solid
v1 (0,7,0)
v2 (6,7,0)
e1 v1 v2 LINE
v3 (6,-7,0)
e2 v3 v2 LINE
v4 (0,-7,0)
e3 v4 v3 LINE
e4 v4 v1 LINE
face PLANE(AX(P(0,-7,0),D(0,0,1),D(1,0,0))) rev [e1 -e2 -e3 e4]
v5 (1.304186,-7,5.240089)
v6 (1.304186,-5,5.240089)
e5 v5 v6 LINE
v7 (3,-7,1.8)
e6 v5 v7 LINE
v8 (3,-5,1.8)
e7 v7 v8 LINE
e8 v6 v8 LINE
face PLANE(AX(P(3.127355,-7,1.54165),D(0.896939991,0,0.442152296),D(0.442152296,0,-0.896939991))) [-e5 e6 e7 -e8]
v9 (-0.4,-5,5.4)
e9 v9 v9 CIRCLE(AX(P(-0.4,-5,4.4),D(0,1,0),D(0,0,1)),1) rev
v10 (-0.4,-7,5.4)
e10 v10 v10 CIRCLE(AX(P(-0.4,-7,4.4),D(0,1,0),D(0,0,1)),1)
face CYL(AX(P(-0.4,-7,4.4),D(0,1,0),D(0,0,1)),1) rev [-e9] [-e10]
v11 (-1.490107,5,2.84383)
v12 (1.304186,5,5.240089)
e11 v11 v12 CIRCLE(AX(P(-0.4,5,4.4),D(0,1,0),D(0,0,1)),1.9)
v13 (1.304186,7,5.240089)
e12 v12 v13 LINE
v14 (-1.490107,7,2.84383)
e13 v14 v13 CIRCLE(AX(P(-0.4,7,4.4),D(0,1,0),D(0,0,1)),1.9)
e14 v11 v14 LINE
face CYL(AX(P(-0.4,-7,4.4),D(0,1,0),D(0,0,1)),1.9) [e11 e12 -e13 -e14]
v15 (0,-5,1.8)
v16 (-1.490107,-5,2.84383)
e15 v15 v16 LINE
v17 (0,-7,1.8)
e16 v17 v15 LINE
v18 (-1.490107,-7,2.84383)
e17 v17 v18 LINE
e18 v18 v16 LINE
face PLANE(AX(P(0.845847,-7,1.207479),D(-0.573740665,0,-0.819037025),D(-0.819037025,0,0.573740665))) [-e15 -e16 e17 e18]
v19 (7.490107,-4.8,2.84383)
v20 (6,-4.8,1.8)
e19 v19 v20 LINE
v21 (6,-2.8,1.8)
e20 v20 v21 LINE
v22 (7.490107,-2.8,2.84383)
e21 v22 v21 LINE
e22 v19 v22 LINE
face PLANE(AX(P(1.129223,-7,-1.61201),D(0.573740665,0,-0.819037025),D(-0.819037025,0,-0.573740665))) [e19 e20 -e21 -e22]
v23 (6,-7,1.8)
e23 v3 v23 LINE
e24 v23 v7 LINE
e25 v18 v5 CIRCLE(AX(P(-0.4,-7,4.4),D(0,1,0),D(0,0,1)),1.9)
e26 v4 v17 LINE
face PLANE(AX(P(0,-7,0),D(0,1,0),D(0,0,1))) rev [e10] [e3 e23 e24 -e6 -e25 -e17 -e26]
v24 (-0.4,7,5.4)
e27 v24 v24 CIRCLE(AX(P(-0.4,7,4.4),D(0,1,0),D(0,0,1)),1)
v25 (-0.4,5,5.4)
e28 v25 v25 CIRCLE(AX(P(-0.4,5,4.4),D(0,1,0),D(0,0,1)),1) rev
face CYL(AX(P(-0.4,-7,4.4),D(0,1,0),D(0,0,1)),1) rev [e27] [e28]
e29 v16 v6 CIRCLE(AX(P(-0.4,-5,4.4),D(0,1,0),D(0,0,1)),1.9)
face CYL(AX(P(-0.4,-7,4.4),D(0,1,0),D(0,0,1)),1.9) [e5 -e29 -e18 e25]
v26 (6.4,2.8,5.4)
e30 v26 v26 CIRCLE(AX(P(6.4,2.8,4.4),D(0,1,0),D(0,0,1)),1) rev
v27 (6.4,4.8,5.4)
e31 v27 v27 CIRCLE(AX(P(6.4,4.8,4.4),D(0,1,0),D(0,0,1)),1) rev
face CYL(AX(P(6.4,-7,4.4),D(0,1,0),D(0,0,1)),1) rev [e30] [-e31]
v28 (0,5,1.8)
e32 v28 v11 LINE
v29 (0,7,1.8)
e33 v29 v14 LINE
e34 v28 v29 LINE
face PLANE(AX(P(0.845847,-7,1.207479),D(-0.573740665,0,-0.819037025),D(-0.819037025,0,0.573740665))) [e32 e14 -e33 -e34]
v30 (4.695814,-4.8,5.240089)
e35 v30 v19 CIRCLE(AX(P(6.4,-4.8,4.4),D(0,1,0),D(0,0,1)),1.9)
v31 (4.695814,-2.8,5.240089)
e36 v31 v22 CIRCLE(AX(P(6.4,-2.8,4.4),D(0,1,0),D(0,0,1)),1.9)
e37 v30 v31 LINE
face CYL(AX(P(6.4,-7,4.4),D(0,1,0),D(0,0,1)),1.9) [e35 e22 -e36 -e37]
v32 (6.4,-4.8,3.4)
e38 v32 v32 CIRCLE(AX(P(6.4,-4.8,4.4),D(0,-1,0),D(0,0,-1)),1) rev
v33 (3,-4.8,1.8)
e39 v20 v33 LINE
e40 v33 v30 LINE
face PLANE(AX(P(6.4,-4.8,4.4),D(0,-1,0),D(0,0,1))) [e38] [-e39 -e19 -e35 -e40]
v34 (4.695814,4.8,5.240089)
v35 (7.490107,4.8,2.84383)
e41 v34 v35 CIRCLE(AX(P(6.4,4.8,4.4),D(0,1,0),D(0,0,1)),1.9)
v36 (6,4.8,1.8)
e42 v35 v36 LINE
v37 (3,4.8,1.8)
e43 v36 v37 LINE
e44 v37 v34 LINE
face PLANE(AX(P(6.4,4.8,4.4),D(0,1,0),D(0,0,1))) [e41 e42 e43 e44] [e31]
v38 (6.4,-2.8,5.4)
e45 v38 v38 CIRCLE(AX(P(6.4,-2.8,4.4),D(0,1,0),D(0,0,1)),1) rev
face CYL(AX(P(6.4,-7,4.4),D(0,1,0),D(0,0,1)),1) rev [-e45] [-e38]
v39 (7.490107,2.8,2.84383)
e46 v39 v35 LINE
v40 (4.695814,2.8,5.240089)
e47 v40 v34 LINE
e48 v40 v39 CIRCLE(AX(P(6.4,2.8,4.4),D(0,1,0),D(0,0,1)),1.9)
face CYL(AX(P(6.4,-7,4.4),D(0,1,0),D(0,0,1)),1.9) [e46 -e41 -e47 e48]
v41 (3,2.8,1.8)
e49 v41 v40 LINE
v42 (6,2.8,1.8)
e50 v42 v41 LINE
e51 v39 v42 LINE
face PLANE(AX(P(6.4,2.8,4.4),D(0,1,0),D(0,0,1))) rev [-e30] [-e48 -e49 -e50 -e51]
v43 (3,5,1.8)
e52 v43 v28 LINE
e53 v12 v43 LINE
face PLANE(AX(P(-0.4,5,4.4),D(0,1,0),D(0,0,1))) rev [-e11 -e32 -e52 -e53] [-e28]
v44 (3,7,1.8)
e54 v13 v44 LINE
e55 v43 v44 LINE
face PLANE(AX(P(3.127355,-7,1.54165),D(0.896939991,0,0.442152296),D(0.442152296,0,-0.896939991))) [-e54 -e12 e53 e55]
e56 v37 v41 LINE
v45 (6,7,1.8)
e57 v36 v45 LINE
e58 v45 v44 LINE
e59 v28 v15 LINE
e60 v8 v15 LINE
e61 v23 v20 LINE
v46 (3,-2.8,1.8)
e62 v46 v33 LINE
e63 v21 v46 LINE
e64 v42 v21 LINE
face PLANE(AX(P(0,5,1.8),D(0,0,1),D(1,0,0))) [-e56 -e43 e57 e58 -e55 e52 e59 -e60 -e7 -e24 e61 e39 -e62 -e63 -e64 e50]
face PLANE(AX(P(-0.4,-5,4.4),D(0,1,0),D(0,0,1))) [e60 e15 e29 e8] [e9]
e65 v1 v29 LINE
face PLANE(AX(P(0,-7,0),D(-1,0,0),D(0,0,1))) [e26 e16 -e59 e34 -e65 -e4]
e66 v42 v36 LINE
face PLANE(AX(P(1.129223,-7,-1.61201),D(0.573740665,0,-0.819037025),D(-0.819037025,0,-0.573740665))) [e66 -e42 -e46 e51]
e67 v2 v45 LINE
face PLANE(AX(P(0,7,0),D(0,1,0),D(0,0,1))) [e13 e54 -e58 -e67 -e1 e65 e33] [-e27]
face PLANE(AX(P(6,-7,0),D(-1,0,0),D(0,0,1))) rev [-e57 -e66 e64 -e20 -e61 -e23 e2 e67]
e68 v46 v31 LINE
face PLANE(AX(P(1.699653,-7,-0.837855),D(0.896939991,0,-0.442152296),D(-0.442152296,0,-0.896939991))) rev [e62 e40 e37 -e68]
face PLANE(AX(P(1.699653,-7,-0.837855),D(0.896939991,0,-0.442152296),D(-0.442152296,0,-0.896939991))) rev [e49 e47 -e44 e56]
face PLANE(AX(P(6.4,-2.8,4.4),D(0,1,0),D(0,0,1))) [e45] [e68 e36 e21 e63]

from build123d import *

# Parameters (mm, degrees)
EXTRUDE_1_DEPTH          = 7
EXTRUDE_1_DEPTH_BACK     = 7
SKETCH_1_R               = 1
CUT_EXTRUDE_1_DEPTH      = 5
CUT_EXTRUDE_1_DEPTH_BACK = 5
CUT_EXTRUDE_2_DEPTH      = 2.8
CUT_EXTRUDE_2_DEPTH_BACK = 2.8
CUT_EXTRUDE_START        = -2.2
CUT_EXTRUDE_3_DEPTH      = 2.2


with BuildPart() as part:
    # 草图1 → 凸台-拉伸1 (new, two sides: drawn at the far end of the back side and taken through both)
    with BuildSketch(Plane(origin=(0, 0, 0), x_dir=(1, 0, 0), z_dir=(0, 1, 0)).offset(-EXTRUDE_1_DEPTH_BACK)):
        with BuildLine():
            Line((1.304185983, -5.240089362), (3, -1.8))
            Line((3, -1.8), (4.695814017, -5.240089362))
            ThreePointArc((4.695814017, -5.240089362), (7.636846117, -5.842293896), (7.490107264, -2.843829652))
            Line((7.490107264, -2.843829652), (6, -1.8))
            Line((6, -1.8), (6, 0))
            Line((6, 0), (0, 0))
            Line((0, 0), (0, -1.8))
            Line((0, -1.8), (-1.490107264, -2.843829652))
            ThreePointArc((-1.490107264, -2.843829652), (-1.636846117, -5.842293896), (1.304185983, -5.240089362))
        make_face()
        with Locations((-0.4, -4.4)):
            Circle(SKETCH_1_R, mode=Mode.SUBTRACT)
        with Locations((6.4, -4.4)):
            Circle(SKETCH_1_R, mode=Mode.SUBTRACT)
    extrude(amount=EXTRUDE_1_DEPTH + EXTRUDE_1_DEPTH_BACK)

    # 草图2 → 切除-拉伸1 (cut, two sides: drawn at the far end of the back side and taken through both)
    with BuildSketch(Plane(origin=(0, 0, 0), x_dir=(1, 0, 0), z_dir=(0, 1, 0)).offset(-CUT_EXTRUDE_1_DEPTH_BACK)):
        with BuildLine():
            Line((0, -1.8), (3, -1.8))
            Line((3, -1.8), (1.304185983, -5.240089362))
            ThreePointArc((1.304185983, -5.240089362), (-1.636846117, -5.842293896), (-1.490107264, -2.843829652))
            Line((-1.490107264, -2.843829652), (0, -1.8))
        make_face()
    extrude(amount=CUT_EXTRUDE_1_DEPTH + CUT_EXTRUDE_1_DEPTH_BACK, mode=Mode.SUBTRACT)

    # 草图3 → 切除-拉伸2 (cut, two sides: drawn at the far end of the back side and taken through both)
    with BuildSketch(Plane(origin=(0, 0, 0), x_dir=(1, 0, 0), z_dir=(0, 1, 0)).offset(-CUT_EXTRUDE_2_DEPTH_BACK)):
        with BuildLine():
            Line((4.695814017, -5.240089362), (3, -1.8))
            Line((3, -1.8), (6, -1.8))
            Line((6, -1.8), (7.490107264, -2.843829652))
            ThreePointArc((7.490107264, -2.843829652), (7.636846117, -5.842293896), (4.695814017, -5.240089362))
        make_face()
    extrude(amount=CUT_EXTRUDE_2_DEPTH + CUT_EXTRUDE_2_DEPTH_BACK, mode=Mode.SUBTRACT)

    # 草图4 → 切除-拉伸3 (cut)
    with BuildSketch(Plane(origin=(0, 7, 0), x_dir=(1, 0, 0), z_dir=(0, 1, 0)).offset(CUT_EXTRUDE_START)):
        with BuildLine():
            Line((7.490107264, -2.843829652), (6, -1.8))
            Line((6, -1.8), (3, -1.8))
            Line((3, -1.8), (4.695814017, -5.240089362))
            ThreePointArc((4.695814017, -5.240089362), (7.636846117, -5.842293896), (7.490107264, -2.843829652))
        make_face()
    cut_extrude_3 = extrude(amount=CUT_EXTRUDE_3_DEPTH, mode=Mode.SUBTRACT)

    # 镜向1: 切除-拉伸3 across plane
    add(cut_extrude_3.mirror(Plane.ZX), mode=Mode.SUBTRACT)


solid = part.part
